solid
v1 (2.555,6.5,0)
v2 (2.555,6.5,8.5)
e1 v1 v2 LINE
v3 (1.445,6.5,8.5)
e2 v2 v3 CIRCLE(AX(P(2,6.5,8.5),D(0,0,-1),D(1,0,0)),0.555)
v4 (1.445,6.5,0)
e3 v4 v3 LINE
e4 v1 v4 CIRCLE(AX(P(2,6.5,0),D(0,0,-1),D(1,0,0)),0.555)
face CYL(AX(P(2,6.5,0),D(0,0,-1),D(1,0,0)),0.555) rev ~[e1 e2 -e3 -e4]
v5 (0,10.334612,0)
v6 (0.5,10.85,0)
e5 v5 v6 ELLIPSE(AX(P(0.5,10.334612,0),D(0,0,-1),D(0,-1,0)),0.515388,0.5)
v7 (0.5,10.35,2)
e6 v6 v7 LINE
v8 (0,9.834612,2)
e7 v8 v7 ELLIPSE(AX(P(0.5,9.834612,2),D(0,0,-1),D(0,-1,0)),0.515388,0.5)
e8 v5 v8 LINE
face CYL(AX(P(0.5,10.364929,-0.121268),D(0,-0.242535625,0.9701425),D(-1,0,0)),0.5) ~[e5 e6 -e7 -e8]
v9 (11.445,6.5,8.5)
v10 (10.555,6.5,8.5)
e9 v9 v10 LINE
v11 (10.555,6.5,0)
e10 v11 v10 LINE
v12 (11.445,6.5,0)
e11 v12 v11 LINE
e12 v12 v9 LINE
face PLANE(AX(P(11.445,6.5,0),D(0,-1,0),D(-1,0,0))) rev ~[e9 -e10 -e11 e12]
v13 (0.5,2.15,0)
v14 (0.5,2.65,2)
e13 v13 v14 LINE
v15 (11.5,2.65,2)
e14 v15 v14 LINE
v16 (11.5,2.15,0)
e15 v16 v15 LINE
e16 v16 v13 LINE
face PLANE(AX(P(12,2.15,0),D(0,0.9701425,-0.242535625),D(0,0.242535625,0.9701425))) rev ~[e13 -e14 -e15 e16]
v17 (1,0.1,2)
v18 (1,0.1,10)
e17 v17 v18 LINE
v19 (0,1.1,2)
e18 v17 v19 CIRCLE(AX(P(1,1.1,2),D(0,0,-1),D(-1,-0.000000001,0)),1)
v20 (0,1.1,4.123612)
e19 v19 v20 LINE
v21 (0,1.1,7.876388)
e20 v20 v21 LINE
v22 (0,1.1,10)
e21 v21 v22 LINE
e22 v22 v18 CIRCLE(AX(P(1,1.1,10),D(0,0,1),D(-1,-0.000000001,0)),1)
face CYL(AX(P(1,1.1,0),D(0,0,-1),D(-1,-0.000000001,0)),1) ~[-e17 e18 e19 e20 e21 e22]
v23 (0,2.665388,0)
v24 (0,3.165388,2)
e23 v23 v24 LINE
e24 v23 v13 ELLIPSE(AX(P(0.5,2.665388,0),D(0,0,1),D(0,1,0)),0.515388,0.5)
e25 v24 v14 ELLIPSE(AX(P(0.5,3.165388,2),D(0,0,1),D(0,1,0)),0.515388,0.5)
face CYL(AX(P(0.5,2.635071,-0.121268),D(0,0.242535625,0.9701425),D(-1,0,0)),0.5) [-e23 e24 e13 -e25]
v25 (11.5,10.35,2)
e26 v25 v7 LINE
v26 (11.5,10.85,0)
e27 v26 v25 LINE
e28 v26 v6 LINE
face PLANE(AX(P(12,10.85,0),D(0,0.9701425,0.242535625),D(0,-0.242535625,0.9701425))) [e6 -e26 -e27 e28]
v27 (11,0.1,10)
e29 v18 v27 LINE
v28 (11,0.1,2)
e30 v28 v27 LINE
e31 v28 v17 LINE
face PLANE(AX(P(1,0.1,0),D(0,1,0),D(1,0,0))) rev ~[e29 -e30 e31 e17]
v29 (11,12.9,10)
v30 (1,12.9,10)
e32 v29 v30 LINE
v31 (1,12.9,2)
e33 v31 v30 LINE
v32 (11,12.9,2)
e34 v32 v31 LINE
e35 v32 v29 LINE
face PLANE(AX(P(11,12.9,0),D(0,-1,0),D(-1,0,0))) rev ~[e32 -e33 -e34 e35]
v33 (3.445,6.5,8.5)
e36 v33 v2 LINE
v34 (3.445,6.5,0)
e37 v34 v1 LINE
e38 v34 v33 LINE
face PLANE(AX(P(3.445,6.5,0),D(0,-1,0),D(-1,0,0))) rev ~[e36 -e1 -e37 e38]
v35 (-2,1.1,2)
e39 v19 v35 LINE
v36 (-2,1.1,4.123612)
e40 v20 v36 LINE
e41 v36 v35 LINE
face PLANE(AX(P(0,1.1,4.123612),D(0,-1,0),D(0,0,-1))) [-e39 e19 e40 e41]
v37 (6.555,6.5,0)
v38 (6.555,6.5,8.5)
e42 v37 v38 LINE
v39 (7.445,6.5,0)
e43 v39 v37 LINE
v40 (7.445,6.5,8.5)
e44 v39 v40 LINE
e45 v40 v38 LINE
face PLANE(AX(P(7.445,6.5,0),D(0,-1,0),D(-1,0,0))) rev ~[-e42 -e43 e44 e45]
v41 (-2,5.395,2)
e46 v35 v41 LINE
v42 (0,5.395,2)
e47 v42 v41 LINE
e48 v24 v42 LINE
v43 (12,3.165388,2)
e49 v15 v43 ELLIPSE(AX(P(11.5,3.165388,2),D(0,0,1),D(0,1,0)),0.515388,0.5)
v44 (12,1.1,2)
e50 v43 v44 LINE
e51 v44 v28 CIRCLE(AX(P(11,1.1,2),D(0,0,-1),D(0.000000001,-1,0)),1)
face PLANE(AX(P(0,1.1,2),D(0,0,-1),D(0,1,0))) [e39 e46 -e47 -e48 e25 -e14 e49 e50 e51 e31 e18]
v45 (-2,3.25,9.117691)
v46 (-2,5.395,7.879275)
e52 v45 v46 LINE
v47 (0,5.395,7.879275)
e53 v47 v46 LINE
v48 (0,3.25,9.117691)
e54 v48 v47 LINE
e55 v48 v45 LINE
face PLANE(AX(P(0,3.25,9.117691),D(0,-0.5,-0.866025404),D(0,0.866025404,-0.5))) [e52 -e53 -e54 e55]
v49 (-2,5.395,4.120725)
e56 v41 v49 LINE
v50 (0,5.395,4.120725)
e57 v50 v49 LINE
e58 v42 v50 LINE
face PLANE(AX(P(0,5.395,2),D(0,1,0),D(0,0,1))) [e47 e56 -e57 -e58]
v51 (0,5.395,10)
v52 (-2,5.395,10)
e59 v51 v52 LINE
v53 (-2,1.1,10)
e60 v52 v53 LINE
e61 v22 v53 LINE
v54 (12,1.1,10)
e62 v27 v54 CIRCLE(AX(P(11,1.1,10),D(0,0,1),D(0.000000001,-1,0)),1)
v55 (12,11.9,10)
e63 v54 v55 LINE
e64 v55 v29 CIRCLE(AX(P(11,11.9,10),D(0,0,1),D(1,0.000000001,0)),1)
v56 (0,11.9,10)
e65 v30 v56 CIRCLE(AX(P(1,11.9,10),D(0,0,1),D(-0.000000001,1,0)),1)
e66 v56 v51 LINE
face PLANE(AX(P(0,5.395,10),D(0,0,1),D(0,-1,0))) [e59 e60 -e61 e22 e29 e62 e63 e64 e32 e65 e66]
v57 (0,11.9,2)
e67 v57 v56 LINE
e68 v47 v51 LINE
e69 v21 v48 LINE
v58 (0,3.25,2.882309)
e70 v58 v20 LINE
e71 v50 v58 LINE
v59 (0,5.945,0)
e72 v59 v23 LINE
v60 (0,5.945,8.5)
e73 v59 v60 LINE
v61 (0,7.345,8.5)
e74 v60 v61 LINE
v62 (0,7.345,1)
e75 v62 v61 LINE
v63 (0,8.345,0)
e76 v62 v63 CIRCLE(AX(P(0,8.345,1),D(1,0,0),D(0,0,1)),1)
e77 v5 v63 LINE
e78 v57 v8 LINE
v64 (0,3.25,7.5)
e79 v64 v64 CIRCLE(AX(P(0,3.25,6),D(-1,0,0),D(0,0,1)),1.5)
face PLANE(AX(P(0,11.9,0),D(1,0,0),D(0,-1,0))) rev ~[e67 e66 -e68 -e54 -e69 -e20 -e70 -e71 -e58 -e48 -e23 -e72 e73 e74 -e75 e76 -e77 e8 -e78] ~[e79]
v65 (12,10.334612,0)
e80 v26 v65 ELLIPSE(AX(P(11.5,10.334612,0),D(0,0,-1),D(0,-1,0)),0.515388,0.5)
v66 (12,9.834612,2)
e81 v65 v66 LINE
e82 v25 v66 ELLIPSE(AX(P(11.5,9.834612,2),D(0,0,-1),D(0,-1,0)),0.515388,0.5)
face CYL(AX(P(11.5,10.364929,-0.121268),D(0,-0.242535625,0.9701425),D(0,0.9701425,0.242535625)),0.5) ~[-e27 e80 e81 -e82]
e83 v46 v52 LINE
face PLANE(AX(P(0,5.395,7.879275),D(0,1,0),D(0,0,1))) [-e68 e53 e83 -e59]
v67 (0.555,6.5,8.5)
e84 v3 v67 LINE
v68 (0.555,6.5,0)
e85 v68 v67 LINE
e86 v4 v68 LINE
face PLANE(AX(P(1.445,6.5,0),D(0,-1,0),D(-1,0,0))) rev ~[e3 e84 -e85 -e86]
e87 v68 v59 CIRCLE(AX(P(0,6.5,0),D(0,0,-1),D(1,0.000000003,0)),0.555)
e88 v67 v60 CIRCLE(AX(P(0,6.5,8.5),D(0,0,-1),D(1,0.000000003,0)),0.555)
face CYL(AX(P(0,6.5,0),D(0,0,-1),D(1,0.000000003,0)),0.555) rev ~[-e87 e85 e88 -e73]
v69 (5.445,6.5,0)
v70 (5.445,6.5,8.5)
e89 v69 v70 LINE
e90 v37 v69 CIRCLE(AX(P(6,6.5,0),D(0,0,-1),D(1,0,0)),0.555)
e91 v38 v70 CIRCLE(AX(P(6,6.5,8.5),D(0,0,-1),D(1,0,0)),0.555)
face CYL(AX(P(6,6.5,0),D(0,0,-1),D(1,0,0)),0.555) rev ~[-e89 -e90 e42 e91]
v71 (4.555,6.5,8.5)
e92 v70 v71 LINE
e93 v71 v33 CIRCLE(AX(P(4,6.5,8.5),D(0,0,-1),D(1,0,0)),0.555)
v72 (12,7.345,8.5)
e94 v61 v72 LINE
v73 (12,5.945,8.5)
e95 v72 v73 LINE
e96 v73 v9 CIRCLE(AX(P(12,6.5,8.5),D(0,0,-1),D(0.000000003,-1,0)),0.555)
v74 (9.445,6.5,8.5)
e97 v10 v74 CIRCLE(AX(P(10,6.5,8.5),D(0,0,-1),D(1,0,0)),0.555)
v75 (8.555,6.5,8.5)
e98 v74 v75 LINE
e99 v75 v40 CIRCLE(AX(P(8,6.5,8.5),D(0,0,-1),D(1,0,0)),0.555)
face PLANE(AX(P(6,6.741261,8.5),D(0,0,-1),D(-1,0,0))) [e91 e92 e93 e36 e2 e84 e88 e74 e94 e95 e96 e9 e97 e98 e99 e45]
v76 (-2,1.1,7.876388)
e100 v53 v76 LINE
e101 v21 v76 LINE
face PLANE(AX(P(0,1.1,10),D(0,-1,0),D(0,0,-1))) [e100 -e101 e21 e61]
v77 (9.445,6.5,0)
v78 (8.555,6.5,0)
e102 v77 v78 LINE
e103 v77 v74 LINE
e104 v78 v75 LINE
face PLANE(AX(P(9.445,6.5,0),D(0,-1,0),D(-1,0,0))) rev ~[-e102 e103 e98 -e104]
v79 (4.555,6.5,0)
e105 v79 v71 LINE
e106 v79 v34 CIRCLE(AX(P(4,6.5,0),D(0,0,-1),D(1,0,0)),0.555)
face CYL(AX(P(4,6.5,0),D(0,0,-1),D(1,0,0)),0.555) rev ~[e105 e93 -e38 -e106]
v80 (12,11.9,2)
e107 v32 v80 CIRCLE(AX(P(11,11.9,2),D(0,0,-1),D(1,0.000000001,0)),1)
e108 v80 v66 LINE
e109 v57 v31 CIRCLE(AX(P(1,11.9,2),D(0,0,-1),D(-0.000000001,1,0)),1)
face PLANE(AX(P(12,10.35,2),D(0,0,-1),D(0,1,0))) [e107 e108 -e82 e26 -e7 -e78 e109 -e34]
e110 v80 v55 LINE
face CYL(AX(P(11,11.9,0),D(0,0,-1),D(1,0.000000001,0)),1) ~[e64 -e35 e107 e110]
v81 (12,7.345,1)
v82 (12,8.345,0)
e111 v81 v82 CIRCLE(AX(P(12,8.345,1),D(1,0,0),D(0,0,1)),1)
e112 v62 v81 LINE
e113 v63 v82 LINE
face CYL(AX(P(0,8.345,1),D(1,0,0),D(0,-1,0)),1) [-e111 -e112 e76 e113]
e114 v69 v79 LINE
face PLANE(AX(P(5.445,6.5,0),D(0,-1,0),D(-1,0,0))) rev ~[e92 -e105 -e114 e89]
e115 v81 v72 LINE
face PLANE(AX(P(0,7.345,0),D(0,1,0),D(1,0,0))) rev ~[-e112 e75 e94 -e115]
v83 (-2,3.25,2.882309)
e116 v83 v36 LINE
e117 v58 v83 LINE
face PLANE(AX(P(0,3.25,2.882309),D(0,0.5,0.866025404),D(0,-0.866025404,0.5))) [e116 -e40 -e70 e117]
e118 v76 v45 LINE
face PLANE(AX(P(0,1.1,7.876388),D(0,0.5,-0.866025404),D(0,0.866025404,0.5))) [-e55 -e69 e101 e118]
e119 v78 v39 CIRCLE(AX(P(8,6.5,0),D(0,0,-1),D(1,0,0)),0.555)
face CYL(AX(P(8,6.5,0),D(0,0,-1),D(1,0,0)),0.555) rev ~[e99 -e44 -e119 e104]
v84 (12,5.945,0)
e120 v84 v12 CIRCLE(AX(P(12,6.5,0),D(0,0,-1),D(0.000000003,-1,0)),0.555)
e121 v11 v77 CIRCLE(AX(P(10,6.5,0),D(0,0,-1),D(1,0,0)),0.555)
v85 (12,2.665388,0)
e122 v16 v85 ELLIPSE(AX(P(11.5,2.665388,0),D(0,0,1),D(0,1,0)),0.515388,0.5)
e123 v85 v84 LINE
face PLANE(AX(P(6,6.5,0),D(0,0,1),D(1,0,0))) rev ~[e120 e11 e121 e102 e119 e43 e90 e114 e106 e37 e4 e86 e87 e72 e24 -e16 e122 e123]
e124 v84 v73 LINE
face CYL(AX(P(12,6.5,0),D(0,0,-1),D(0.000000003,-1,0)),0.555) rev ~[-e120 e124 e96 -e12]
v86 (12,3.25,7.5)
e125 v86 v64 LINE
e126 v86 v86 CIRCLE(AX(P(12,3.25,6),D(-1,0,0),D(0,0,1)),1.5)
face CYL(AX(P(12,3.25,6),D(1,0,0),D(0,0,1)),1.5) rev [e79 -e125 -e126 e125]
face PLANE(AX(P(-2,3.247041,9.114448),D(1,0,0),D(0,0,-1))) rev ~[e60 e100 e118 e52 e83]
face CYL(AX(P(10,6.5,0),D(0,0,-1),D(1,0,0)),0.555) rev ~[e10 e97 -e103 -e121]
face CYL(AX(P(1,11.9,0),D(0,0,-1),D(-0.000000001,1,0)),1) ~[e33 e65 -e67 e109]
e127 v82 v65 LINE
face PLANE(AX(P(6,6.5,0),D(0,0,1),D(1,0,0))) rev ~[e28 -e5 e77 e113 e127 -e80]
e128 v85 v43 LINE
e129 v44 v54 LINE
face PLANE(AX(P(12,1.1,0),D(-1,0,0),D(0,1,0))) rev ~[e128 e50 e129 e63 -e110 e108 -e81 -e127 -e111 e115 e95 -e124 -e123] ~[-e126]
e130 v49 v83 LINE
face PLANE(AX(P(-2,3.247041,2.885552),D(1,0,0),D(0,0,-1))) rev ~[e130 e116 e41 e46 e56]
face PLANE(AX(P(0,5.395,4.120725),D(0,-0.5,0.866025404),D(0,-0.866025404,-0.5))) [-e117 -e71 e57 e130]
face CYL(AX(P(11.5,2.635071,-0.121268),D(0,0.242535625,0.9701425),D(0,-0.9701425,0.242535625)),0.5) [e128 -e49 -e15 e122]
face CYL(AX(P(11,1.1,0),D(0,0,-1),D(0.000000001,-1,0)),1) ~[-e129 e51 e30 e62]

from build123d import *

# Parameters (mm, degrees)
BOSS_EXTRUDE1_DEPTH = 10
CUT_EXTRUDE1_DEPTH  = 8.5
CUT_EXTRUDE2_START  = -12
SKETCH6_R           = 1.5
CUT_EXTRUDE2_DEPTH  = 12
BOSS_EXTRUDE2_DEPTH = 2
FILLET2_R           = 0.5
FILLET3_R           = 1


with BuildPart() as part:
    # Sketch4 → Boss-Extrude1 (new body)
    with BuildSketch(Plane.XY):
        with BuildLine():
            Line((1, 0.1), (11, 0.1))
            ThreePointArc((11, 0.1), (11.707106781, 0.392893219), (12, 1.1))
            Line((12, 1.1), (12, 11.9))
            ThreePointArc((12, 11.9), (11.707106781, 12.607106781), (11, 12.9))
            Line((11, 12.9), (1, 12.9))
            ThreePointArc((1, 12.9), (0.292893219, 12.607106781), (0, 11.9))
            Line((0, 11.9), (0, 1.1))
            ThreePointArc((0, 1.1), (0.292893219, 0.392893219), (1, 0.1))
        make_face()
    extrude(amount=BOSS_EXTRUDE1_DEPTH)

    # Sketch5 → Cut-Extrude1 (cut)
    with BuildSketch(Plane.XY):
        with BuildLine():
            Line((11.445, 6.5), (10.555, 6.5))
            ThreePointArc((10.555, 6.5), (10, 5.945), (9.445, 6.5))
            Line((9.445, 6.5), (8.555, 6.5))
            ThreePointArc((8.555, 6.5), (8, 5.945), (7.445, 6.5))
            Line((7.445, 6.5), (6.555, 6.5))
            ThreePointArc((6.555, 6.5), (6, 5.945), (5.445, 6.5))
            Line((5.445, 6.5), (4.555, 6.5))
            ThreePointArc((4.555, 6.5), (4, 5.945), (3.445, 6.5))
            Line((3.445, 6.5), (2.555, 6.5))
            ThreePointArc((2.555, 6.5), (2, 5.945), (1.445, 6.5))
            Line((1.445, 6.5), (0.555, 6.5))
            ThreePointArc((0.555, 6.5), (0.392444264, 6.107555736), (0, 5.945))
            Line((0, 5.945), (0, 7.345))
            Line((0, 7.345), (12, 7.345))
            Line((12, 7.345), (12, 5.945))
            ThreePointArc((12, 5.945), (11.607555736, 6.107555736), (11.445, 6.5))
        make_face()
    extrude(amount=CUT_EXTRUDE1_DEPTH, mode=Mode.SUBTRACT)

    # Sketch6 → Cut-Extrude2 (cut)
    with BuildSketch(Plane.ZY.offset(CUT_EXTRUDE2_START)):
        with Locations((6, 3.25)):
            Circle(SKETCH6_R)
        Polygon((2, 2.65), (2, 0.1), (0, 0.1), (0, 2.15), align=None)
        Polygon((0, 12.9), (0, 10.85), (2, 10.35), (2, 12.9), align=None)
    extrude(amount=CUT_EXTRUDE2_DEPTH, mode=Mode.SUBTRACT)

    # Sketch7 → Boss-Extrude2 (add)
    with BuildSketch(Plane.ZY):
        Polygon((7.876388375, 1.1), (9.117691454, 3.25), (7.879275126, 5.395), (10, 5.395), (10, 1.1), align=None)
        Polygon((2, 1.1), (2, 5.395), (4.120724874, 5.395), (2.882308546, 3.25), (4.123611625, 1.1), align=None)
    extrude(amount=BOSS_EXTRUDE2_DEPTH)

    # Fillet2
    fillet2_edges = [part.edges().sort_by_distance(p)[0] for p in [
        (12, 2.4, 1),
        (12, 10.6, 1),
        (0, 10.6, 1),
        (0, 2.4, 1),
    ]]
    fillet(fillet2_edges, radius=FILLET2_R)

    # Fillet3
    fillet3_edges = [part.edges().sort_by_distance(p)[0] for p in [
        (6, 7.345, 0),
    ]]
    fillet(fillet3_edges, radius=FILLET3_R)


solid = part.part
